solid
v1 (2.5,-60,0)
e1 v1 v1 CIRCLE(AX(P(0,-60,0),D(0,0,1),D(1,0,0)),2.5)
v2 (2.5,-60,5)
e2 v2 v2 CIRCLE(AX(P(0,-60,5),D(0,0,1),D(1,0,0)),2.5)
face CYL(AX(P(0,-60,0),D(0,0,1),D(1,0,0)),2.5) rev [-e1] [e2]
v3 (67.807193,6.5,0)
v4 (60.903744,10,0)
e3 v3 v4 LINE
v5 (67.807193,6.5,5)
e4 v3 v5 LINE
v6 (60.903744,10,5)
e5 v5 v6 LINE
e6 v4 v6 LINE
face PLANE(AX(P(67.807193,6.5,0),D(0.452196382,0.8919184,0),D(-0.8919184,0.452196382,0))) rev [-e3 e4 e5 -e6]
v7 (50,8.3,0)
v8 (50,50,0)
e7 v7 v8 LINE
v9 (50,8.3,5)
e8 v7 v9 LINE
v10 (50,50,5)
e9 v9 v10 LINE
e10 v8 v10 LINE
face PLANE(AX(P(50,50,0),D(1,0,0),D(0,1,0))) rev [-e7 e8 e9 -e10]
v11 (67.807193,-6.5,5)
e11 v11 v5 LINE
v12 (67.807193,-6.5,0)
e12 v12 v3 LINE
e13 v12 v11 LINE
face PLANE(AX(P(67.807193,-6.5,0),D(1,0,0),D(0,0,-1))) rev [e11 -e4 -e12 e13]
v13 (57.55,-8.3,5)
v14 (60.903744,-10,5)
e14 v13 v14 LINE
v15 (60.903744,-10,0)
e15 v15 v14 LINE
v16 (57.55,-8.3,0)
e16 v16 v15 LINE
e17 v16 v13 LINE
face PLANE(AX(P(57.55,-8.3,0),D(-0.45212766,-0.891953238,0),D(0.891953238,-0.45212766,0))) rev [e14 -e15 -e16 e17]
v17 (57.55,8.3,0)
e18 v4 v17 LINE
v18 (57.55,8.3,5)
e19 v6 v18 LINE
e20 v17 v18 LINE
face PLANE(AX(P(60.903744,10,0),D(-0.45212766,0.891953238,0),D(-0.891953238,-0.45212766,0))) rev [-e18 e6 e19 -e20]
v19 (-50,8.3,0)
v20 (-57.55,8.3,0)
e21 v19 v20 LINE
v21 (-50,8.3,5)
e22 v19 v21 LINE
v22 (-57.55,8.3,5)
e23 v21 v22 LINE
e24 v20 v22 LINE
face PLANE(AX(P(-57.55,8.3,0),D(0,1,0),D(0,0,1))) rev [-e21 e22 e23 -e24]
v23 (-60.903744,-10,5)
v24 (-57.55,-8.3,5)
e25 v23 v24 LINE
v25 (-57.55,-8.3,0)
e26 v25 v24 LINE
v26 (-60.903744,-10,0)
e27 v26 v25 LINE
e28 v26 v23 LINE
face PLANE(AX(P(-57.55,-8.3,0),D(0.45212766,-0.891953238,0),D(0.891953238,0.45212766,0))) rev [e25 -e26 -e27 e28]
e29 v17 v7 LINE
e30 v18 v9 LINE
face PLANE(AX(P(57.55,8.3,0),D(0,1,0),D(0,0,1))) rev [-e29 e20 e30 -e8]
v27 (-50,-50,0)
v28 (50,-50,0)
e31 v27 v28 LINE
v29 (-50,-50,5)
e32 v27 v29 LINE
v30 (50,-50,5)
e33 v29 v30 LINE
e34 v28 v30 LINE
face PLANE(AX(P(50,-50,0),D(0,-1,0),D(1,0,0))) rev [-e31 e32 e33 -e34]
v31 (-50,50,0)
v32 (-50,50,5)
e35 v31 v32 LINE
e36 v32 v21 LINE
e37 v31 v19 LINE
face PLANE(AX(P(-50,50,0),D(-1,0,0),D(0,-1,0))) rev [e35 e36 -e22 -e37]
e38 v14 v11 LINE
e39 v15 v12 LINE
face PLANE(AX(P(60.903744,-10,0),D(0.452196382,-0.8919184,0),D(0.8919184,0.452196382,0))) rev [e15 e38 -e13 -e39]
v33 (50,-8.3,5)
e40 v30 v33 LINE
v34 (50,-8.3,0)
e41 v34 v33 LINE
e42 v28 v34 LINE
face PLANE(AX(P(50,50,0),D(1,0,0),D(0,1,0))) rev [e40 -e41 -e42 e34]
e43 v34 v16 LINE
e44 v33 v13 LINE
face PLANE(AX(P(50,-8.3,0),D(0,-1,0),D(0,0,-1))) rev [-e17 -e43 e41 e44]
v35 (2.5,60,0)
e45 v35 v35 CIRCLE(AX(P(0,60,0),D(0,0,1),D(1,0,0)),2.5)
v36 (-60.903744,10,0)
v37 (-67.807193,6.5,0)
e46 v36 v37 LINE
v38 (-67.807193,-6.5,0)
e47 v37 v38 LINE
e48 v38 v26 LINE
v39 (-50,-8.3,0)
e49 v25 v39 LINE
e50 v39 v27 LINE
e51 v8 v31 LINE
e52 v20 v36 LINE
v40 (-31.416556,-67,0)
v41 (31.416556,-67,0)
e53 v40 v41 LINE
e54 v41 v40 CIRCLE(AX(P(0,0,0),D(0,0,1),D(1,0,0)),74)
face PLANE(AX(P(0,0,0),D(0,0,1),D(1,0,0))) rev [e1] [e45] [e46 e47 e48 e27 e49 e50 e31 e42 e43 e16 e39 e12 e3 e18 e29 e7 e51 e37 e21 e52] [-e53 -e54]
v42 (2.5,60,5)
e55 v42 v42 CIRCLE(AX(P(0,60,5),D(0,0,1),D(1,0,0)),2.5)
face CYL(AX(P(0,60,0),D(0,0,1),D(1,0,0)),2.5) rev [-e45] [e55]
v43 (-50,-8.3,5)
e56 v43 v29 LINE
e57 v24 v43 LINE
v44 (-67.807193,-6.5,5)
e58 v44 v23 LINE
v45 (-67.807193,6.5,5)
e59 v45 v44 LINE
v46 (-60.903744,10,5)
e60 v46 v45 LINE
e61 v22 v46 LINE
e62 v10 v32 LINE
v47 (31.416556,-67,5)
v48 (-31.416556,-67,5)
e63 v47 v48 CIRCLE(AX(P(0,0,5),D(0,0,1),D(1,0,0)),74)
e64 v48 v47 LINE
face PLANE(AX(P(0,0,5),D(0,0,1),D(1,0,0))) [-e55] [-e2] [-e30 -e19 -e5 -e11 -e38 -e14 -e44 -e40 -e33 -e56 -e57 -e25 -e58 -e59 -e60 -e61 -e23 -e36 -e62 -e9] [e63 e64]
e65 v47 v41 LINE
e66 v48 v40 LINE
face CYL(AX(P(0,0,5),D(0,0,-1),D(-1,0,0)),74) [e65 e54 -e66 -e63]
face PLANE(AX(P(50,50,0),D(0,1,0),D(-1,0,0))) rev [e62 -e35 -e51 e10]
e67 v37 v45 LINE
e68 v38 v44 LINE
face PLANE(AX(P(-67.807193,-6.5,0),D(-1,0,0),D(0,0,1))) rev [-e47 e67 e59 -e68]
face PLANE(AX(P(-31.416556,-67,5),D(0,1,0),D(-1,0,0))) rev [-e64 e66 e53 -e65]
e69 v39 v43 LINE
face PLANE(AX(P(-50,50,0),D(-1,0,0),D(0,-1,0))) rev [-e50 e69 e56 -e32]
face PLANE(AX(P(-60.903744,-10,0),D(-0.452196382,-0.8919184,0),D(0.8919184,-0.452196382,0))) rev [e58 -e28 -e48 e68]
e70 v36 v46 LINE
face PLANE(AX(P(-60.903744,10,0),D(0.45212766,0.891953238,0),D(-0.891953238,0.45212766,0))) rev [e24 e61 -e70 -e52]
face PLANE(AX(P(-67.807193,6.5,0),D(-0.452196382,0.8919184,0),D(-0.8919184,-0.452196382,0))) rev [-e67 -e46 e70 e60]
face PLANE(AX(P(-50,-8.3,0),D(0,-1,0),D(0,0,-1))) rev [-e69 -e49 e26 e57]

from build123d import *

# Parameters (mm, degrees)
CIRCLE_DEPTH       = 5
SKETCH2_W          = 100
SKETCH2_H          = 100
SQUARE_DEPTH       = 5
SKETCH3_R          = 2.5
HOLES_DEPTH        = 5
CUT_EXTRUDE3_DEPTH = 5


with BuildPart() as part:
    # Sketch1 → circle (new body)
    with BuildSketch(Plane.XY):
        with BuildLine():
            Line((-31.416556145, -67), (31.416556145, -67))
            ThreePointArc((31.416556145, -67), (0, 74), (-31.416556145, -67))
        make_face()
    extrude(amount=CIRCLE_DEPTH)

    # Sketch2 → square (cut)
    with BuildSketch(Plane.XY.offset(5)):
        Rectangle(SKETCH2_W, SKETCH2_H)
    extrude(amount=-SQUARE_DEPTH, mode=Mode.SUBTRACT)

    # Sketch3 → holes (cut)
    with BuildSketch(Plane.XY.offset(5)):
        with Locations((0, 60)):
            Circle(SKETCH3_R)
        with Locations((0, -60)):
            Circle(SKETCH3_R)
    extrude(amount=-HOLES_DEPTH, mode=Mode.SUBTRACT)

    # Sketch4 → Cut-Extrude3 (cut)
    with BuildSketch(Plane.XY.offset(5)):
        Polygon((-50, 0), (-50, -8.3), (-57.55, -8.3), (-60.903744176, -10), (-67.80719259, -6.5), (-67.80719259, 6.5), (-60.903744176, 10), (-57.55, 8.3), (-50, 8.3), align=None)
        Polygon((57.55, 8.3), (50, 8.3), (50, 0), (50, -8.3), (57.55, -8.3), (60.903744176, -10), (67.80719259, -6.5), (67.80719259, 6.5), (60.903744176, 10), align=None)
    extrude(amount=-CUT_EXTRUDE3_DEPTH, mode=Mode.SUBTRACT)


solid = part.part
